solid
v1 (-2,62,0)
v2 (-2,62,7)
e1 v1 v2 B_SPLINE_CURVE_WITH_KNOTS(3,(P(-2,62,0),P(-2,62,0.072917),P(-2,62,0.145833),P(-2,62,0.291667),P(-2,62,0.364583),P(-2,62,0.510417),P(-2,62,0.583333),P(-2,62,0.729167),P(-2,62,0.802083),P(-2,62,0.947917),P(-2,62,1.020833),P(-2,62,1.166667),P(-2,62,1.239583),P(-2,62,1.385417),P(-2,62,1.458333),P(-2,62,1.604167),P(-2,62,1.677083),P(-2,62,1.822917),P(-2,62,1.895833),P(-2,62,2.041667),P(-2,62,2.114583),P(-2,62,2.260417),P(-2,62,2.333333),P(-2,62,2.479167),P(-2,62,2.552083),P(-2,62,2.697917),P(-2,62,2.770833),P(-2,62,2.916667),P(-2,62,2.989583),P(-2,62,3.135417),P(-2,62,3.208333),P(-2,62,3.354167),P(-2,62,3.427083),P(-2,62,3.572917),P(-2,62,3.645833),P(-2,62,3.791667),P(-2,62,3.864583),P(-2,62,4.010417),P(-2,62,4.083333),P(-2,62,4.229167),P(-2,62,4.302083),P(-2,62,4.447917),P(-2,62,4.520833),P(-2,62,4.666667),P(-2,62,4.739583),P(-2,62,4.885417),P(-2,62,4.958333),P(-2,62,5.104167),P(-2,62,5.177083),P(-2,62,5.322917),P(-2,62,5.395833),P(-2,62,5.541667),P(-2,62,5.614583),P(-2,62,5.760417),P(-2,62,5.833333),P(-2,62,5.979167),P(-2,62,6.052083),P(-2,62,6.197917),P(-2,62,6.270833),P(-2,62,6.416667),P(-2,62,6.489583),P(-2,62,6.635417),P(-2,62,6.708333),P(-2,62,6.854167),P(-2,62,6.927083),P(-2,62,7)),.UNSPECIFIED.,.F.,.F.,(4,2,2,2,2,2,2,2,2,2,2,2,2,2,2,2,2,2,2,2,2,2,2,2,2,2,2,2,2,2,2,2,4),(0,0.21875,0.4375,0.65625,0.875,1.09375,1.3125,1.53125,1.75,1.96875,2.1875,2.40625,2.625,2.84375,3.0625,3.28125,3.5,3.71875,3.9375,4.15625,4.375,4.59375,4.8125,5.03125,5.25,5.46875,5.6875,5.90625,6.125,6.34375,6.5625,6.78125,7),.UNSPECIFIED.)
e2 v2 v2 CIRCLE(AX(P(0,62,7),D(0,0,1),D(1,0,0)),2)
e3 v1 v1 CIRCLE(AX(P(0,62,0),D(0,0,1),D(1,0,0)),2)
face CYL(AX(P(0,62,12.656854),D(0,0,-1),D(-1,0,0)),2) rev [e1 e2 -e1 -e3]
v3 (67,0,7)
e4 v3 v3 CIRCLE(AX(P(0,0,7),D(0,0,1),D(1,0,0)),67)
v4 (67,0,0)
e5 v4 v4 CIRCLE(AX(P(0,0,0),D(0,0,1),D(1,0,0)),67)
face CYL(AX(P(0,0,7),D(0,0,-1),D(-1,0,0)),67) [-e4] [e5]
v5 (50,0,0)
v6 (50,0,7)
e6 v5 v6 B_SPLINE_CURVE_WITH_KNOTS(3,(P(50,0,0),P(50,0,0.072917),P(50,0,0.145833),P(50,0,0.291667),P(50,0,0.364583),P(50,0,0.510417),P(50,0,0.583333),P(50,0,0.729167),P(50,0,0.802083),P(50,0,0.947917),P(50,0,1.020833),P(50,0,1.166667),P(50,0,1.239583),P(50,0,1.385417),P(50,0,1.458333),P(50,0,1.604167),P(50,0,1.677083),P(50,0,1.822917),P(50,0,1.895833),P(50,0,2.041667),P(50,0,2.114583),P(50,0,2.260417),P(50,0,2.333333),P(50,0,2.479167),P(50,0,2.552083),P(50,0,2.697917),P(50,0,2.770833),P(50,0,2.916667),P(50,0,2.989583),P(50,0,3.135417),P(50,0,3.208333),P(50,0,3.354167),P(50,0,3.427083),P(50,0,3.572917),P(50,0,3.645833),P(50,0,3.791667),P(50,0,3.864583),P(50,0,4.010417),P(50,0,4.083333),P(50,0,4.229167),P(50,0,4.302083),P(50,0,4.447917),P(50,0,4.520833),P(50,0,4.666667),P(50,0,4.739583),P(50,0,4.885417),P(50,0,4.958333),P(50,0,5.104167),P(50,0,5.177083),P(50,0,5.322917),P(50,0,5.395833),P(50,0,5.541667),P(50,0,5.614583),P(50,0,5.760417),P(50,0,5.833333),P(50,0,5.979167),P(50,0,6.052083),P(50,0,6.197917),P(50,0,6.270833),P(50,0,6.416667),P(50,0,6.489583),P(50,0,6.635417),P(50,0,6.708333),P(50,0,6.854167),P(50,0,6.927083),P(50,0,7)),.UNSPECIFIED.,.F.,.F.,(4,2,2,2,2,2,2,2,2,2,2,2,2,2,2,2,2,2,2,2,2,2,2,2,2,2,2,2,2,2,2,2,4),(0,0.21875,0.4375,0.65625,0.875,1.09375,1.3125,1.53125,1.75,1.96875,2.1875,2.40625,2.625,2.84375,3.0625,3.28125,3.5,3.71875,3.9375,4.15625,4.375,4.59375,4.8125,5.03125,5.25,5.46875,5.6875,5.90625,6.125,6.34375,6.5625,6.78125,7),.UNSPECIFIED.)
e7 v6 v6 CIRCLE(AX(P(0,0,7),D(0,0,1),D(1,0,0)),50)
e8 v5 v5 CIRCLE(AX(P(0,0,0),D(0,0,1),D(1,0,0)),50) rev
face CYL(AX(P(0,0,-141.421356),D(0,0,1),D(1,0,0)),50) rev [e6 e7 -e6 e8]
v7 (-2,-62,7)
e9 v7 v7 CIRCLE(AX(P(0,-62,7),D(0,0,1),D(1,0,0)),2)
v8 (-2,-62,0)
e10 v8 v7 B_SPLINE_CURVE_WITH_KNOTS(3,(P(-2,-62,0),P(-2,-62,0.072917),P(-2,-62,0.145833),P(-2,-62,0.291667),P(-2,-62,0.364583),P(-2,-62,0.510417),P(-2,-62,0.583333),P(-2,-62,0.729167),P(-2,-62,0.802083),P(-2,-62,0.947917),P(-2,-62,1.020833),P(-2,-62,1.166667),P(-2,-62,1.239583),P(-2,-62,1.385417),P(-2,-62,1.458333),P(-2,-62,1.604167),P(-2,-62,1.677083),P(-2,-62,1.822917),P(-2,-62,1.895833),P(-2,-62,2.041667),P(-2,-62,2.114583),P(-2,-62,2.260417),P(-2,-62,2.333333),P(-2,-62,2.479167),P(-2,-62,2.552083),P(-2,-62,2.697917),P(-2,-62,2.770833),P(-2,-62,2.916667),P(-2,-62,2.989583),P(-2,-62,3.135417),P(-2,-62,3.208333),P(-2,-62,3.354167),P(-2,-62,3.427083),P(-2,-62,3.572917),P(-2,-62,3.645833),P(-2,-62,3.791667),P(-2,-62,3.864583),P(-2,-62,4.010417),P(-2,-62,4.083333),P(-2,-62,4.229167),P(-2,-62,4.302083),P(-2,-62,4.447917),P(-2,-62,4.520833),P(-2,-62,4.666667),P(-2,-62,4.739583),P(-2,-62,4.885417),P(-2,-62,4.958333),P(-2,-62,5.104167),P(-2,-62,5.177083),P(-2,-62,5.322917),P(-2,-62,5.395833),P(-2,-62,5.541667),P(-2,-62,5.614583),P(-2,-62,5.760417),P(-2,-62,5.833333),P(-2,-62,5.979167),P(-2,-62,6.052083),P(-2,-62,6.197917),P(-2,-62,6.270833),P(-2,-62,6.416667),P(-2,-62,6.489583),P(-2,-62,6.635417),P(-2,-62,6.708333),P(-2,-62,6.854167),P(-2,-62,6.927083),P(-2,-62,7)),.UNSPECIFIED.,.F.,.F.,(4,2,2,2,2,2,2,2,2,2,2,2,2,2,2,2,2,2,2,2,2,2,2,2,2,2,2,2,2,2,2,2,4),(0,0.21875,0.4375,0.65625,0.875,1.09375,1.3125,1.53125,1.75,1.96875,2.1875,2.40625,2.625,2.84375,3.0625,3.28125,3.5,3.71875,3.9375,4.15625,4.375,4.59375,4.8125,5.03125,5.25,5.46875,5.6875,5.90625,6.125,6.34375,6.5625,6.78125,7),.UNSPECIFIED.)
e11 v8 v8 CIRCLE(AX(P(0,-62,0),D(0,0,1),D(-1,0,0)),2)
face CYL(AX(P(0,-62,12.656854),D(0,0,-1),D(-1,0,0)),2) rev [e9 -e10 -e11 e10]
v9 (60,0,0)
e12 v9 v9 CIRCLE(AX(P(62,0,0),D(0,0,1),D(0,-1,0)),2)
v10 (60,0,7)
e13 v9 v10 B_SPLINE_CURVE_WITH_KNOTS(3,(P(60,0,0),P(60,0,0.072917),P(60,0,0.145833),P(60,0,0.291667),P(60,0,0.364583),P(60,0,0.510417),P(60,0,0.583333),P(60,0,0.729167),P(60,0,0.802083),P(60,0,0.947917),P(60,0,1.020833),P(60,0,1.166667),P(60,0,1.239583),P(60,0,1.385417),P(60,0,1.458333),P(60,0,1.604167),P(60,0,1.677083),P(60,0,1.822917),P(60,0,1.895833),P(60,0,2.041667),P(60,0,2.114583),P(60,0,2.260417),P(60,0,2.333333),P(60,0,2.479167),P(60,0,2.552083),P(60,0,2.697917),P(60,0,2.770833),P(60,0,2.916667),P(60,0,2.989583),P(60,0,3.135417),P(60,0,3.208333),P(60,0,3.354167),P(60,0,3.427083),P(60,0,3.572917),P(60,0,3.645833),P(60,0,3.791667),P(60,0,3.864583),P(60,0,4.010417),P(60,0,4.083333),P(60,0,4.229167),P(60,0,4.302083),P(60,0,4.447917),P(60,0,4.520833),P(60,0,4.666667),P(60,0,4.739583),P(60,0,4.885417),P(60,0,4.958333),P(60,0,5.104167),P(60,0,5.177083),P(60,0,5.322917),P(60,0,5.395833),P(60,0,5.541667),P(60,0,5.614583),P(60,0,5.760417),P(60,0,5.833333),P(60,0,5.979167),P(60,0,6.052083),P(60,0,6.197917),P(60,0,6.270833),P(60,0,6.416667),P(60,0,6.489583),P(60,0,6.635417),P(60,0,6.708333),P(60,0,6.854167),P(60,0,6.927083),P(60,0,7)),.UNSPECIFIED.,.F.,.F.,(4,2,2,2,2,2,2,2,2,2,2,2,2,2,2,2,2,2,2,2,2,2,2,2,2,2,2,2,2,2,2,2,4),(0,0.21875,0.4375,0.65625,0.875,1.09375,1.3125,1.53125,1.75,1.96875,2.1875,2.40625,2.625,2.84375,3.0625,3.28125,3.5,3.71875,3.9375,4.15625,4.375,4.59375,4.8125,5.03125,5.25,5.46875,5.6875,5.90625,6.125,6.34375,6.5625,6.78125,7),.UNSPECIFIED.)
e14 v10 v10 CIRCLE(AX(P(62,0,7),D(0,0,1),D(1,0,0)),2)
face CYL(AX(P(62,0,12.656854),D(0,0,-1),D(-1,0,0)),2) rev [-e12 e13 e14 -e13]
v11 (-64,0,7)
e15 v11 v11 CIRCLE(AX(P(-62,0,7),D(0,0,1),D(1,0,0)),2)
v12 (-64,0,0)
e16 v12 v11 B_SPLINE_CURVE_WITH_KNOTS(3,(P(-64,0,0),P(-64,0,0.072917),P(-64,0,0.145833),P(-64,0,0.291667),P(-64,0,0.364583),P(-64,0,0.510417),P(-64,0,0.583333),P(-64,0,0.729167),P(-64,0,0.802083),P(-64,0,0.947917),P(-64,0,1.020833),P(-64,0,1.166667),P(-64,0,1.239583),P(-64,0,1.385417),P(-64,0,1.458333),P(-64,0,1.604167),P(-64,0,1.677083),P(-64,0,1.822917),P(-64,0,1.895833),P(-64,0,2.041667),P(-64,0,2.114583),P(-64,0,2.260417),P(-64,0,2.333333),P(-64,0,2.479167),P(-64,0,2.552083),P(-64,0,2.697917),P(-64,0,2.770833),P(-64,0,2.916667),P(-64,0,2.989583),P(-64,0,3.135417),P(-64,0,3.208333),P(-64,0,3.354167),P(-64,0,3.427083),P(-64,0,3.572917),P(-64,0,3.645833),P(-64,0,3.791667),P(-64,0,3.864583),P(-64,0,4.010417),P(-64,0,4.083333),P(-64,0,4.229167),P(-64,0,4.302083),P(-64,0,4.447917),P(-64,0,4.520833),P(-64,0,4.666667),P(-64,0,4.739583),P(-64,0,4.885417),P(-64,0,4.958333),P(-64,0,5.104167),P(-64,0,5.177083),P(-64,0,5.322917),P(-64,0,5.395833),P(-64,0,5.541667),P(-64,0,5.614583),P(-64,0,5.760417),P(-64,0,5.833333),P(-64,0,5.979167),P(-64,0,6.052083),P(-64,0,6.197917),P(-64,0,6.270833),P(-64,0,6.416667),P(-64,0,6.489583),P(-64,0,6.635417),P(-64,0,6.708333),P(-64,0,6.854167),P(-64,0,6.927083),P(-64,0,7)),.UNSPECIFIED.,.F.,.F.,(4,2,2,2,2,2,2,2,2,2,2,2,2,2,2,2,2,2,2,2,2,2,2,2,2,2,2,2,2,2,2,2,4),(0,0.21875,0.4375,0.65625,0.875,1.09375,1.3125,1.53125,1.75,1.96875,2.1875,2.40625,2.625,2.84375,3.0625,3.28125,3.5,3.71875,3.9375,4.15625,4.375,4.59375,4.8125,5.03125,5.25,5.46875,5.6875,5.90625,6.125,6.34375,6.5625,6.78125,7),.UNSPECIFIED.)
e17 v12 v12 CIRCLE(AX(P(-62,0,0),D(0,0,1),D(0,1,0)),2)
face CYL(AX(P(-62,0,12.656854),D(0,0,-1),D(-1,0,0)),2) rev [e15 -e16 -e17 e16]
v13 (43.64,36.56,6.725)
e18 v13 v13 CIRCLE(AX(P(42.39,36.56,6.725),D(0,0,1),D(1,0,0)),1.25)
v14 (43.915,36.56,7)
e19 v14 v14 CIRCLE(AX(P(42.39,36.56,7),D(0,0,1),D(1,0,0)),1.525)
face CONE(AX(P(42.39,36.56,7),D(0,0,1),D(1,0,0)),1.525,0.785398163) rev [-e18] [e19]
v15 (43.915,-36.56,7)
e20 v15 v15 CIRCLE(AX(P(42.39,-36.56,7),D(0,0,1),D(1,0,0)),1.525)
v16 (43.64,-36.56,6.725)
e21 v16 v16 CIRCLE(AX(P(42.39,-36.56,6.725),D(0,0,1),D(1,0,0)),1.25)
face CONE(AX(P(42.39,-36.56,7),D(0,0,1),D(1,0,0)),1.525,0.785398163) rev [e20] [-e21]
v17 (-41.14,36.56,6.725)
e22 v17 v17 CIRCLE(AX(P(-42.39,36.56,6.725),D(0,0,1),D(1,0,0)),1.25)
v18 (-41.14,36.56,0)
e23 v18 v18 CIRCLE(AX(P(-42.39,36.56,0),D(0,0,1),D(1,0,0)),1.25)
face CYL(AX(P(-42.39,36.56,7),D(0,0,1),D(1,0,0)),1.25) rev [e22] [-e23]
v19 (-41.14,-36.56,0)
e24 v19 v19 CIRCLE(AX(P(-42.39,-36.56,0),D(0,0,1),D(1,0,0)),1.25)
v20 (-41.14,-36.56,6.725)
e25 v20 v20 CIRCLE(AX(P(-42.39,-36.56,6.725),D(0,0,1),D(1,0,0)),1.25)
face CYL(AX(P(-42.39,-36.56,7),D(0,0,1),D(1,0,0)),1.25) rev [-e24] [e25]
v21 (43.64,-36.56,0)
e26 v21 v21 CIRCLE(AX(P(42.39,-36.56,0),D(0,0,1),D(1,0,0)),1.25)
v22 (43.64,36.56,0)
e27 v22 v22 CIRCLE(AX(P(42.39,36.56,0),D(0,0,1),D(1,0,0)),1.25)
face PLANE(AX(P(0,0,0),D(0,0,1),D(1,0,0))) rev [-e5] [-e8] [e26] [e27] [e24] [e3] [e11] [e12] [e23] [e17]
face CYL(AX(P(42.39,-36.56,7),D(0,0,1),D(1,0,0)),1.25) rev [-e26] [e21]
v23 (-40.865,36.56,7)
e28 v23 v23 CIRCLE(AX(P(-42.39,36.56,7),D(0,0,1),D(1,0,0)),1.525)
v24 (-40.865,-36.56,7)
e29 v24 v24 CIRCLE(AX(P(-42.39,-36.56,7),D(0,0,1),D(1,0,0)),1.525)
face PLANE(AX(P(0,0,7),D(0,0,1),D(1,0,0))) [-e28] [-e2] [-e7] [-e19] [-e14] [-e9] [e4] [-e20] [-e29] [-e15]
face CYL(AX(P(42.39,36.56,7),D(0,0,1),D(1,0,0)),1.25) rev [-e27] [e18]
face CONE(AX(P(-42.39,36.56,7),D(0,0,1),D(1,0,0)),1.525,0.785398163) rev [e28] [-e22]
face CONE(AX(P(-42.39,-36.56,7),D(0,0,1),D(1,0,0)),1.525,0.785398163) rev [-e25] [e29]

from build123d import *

# Parameters (mm, degrees)
SCHIZZO2_R                      = 67
ESTRUSIONE_ESTRUSIONE1_DEPTH    = 7
SCHIZZO3_R                      = 2
TAGLIO_ESTRUSIONE2_DEPTH        = 7
RIPETIZIONECIRCOLARE1_COUNT     = 4
FORO_FILETTATO_M3_1_D           = 2.5
FORO_FILETTATO_M3_1_CSINK_D     = 3.05
FORO_FILETTATO_M3_1_CSINK_ANGLE = 90
SCHIZZO4_R                      = 50
TAGLIO_ESTRUSIONE3_DEPTH        = 7


with BuildPart() as part:
    # Schizzo2 → Estrusione-Estrusione1 (new body)
    with BuildSketch(Plane.XY):
        Circle(SCHIZZO2_R)
    extrude(amount=ESTRUSIONE_ESTRUSIONE1_DEPTH)

    # Schizzo3 → Taglio-Estrusione2 (cut)
    with BuildSketch(Plane.XY):
        with Locations(Location((0, 62, 0), (0, 0, 180))):
            Circle(SCHIZZO3_R)
    taglio_estrusione2 = extrude(amount=TAGLIO_ESTRUSIONE2_DEPTH, mode=Mode.SUBTRACT)

    # RipetizioneCircolare1: Taglio-Estrusione2 ×4 about axis
    ripetizionecircolare1_axis = Axis((0, 0, 0), (0, 0, 1))
    for i in range(1, RIPETIZIONECIRCOLARE1_COUNT):
        add(taglio_estrusione2.rotate(ripetizionecircolare1_axis, i * 360 / RIPETIZIONECIRCOLARE1_COUNT), mode=Mode.SUBTRACT)

    # Foro filettato M3-1 (through all)
    with Locations(Plane(origin=(-42.39, -36.56, 7), x_dir=(1, 0, 0), z_dir=(0, 0, 1))):
        with Locations((0, 0), (84.78, 0), (84.78, 73.12), (0, 73.12)):
            CounterSinkHole(FORO_FILETTATO_M3_1_D / 2, FORO_FILETTATO_M3_1_CSINK_D / 2, counter_sink_angle=FORO_FILETTATO_M3_1_CSINK_ANGLE)

    # Schizzo4 → Taglio-Estrusione3 (cut)
    with BuildSketch(Plane.XY.offset(7)):
        Circle(SCHIZZO4_R)
    extrude(amount=-TAGLIO_ESTRUSIONE3_DEPTH, mode=Mode.SUBTRACT)


solid = part.part
